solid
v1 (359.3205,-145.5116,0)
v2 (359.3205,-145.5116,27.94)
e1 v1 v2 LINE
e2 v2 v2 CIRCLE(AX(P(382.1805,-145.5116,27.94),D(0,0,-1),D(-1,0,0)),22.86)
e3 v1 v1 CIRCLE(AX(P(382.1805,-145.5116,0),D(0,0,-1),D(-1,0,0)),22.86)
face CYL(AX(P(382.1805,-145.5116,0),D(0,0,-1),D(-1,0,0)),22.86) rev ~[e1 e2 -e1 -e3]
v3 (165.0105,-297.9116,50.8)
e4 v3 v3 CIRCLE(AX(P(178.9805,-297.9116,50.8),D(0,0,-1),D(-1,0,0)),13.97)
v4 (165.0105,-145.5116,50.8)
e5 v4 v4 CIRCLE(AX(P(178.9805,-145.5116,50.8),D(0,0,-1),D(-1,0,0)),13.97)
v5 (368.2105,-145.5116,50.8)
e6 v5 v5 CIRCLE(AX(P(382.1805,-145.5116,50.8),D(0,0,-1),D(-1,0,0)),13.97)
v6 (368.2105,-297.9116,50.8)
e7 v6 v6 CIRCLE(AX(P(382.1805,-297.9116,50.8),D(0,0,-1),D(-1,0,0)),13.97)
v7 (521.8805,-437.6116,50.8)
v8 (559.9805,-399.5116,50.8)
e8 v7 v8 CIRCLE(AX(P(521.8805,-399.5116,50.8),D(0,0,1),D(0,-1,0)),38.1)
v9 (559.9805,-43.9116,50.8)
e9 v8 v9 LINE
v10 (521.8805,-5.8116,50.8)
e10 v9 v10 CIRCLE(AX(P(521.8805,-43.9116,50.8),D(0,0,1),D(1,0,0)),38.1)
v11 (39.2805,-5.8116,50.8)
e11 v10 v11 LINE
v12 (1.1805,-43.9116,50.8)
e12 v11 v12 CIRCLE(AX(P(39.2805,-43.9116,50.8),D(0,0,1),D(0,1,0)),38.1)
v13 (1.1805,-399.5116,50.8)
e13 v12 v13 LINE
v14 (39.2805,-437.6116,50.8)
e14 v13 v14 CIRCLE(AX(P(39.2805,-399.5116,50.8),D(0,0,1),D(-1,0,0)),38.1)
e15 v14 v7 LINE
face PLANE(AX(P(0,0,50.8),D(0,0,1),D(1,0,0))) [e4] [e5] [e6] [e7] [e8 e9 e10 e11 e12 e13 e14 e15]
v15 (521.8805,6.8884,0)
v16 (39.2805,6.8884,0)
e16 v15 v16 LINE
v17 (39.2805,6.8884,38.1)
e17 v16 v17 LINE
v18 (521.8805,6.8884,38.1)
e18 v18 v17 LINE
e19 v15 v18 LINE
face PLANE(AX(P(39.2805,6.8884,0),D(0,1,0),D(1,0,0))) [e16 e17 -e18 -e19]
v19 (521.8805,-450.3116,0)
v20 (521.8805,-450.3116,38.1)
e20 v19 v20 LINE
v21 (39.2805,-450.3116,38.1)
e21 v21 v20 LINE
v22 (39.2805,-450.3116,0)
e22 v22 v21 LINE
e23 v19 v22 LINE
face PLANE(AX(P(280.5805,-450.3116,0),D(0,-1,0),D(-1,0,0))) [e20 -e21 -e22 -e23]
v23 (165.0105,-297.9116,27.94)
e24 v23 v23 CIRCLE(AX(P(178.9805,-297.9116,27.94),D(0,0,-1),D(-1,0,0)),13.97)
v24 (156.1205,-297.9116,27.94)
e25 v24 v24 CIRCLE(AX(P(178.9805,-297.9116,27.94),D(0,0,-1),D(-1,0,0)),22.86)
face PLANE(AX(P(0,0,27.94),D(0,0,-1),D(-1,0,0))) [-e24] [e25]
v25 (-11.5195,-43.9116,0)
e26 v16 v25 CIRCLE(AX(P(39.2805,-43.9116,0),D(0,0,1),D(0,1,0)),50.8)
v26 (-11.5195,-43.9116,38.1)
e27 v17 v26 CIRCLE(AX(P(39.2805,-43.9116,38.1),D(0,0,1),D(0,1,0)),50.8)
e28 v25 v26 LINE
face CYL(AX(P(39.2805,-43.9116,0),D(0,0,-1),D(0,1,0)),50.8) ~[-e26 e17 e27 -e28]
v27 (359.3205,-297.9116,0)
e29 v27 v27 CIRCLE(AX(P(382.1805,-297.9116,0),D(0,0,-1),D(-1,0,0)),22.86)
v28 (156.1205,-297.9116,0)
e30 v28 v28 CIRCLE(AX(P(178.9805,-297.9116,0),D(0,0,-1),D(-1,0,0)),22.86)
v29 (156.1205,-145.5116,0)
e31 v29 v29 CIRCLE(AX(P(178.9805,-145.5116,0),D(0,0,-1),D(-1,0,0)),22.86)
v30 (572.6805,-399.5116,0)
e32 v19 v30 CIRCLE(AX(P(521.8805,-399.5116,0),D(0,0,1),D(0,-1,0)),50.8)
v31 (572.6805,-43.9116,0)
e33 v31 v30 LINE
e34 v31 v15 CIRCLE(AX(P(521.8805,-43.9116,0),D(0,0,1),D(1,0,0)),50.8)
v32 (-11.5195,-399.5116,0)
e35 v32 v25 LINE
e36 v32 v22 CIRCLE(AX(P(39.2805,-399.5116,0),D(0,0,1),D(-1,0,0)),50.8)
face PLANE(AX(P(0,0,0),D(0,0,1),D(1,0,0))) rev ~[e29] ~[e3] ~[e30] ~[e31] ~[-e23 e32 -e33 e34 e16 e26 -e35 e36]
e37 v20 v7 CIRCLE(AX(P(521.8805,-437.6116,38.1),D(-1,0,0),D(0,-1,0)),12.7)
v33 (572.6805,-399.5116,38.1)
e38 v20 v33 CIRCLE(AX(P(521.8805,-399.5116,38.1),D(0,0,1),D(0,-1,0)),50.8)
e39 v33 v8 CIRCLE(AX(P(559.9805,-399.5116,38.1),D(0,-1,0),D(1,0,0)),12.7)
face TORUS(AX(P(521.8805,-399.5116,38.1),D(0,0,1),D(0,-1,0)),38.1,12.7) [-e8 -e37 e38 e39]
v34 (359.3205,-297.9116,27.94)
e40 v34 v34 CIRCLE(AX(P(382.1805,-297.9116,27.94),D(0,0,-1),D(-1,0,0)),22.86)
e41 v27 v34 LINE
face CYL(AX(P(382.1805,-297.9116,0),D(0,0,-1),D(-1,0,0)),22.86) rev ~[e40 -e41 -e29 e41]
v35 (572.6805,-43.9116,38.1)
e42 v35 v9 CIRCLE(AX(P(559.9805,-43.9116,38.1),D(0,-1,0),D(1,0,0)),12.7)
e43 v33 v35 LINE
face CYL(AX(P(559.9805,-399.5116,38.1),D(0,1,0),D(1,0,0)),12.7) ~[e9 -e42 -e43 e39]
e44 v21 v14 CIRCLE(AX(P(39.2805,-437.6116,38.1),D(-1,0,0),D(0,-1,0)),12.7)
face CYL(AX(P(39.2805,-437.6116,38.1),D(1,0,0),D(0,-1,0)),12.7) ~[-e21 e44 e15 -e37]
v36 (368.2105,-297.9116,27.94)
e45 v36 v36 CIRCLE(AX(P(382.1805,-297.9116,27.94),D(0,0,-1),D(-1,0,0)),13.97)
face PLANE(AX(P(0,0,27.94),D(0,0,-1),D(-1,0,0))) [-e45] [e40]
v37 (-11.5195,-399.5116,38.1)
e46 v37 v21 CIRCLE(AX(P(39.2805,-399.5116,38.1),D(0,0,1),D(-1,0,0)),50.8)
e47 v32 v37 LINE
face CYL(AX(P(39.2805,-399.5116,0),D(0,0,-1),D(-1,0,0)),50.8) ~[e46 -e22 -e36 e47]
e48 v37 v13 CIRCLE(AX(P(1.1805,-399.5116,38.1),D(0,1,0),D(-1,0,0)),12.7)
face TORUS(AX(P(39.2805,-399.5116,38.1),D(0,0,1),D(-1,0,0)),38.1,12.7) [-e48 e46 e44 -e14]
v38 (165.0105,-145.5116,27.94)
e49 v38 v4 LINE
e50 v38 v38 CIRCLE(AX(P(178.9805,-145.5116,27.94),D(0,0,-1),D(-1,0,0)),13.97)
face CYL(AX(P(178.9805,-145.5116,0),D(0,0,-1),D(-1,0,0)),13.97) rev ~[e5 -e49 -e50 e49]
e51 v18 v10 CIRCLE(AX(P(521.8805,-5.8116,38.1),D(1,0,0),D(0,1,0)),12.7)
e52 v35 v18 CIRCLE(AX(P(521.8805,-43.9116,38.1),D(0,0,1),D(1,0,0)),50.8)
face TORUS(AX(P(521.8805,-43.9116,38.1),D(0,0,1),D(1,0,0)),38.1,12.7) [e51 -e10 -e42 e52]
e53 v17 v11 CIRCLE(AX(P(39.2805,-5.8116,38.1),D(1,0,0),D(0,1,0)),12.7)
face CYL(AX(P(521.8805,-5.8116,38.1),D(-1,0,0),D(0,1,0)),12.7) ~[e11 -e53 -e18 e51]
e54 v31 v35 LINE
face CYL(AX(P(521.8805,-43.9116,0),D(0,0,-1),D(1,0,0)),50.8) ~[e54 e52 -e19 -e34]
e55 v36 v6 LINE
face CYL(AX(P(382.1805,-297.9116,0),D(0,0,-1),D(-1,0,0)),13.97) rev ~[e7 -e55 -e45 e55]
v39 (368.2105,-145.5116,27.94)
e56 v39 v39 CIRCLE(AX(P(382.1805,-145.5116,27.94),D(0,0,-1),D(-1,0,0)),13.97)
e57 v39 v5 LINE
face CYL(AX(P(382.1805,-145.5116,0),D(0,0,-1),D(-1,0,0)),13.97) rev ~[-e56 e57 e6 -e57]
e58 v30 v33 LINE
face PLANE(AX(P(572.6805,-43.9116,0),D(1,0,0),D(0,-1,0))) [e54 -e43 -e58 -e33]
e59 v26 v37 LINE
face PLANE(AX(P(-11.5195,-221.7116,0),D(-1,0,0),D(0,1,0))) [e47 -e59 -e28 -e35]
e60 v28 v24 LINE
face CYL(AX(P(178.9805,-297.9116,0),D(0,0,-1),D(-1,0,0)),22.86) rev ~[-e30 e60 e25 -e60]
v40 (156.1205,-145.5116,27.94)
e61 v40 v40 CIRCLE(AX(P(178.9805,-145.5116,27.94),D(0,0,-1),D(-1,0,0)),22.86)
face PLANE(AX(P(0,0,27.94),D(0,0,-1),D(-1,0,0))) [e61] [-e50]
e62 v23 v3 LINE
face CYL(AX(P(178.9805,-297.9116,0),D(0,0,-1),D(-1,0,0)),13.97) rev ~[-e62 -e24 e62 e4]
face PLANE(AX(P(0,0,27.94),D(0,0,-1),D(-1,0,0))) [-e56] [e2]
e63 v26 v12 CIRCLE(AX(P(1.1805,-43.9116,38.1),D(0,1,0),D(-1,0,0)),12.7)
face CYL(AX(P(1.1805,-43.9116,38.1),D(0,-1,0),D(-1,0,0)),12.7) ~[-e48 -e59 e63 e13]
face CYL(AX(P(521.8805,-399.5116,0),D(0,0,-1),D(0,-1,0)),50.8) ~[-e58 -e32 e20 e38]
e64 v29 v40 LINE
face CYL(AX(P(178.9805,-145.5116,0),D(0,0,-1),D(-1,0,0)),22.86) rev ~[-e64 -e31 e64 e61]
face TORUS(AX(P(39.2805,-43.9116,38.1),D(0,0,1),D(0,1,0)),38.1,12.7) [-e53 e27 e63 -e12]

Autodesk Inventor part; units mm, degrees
ref_plane "YZ Plane" through (0, 0, 0) normal (1, 0, 0) x (0, 1, 0)
ref_plane "XZ Plane" through (0, 0, 0) normal (0, 1, 0) x (-1, 0, 0)
ref_plane "XY Plane" through (0, 0, 0) normal (0, 0, 1) x (1, 0, 0)
sketch "Sketch1" plane through (0, 0, 0) normal (0, 0, 1) x (1, 0, 0)
  line L0 (39.2805, 6.8884) -> (521.8805, 6.8884)
  line L1 (572.6805, -43.9116) -> (572.6805, -399.5116)
  line L2 (521.8805, -450.3116) -> (39.2805, -450.3116)
  line L3 (-11.5195, -399.5116) -> (-11.5195, -43.9116)
  arc A0 (-11.5195, -399.5116) -> (39.2805, -450.3116) centre (39.2805, -399.5116) ccw
  arc A1 (39.2805, 6.8884) -> (-11.5195, -43.9116) centre (39.2805, -43.9116) ccw
  arc A2 (572.6805, -43.9116) -> (521.8805, 6.8884) centre (521.8805, -43.9116) ccw
  arc A3 (521.8805, -450.3116) -> (572.6805, -399.5116) centre (521.8805, -399.5116) ccw
  line L4 (280.5805, -450.3116) -> (280.5805, 6.8884)
  line L5 (-11.5195, -221.7116) -> (572.6805, -221.7116)
  circle A4 centre (471.0805, -315.7964) radius 22.86 construction
  circle A5 centre (471.0805, -315.7964) radius 13.97 construction
  circle A6 centre (90.0805, -315.7964) radius 22.86 construction
  circle A7 centre (90.0805, -315.7964) radius 13.97 construction
  circle A8 centre (471.0805, -127.6267) radius 22.86 construction
  circle A9 centre (471.0805, -127.6267) radius 13.97 construction
  circle A10 centre (90.0805, -127.6267) radius 22.86 construction
  circle A11 centre (90.0805, -127.6267) radius 13.97 construction
  point P0 (0, 0)
  point P1 (572.6805, -450.3116)
  point P2 (572.6805, 6.8884)
  point P3 (-11.5195, -450.3116)
  dimension "d0" = 584.2
  dimension "d1" = 457.2
  dimension "d2" = 50.8
  dimension "d3" = 50.8
  dimension "d11" = 45.72
  dimension "d12" = 27.94
  dimension "d13" = 94.0848
  dimension "d14" = 190.5
extrude "Extrusion1" add sketch "Sketch1" along normal blind 50.8
fillet "Fillet1" radius 12.7 8 edges at (3.3595, -7.9905, 50.8) (-11.5195, -221.7116, 50.8) (3.3595, -435.4326, 50.8) (280.5805, -450.3116, 50.8) (557.8015, -435.4326, 50.8) (572.6805, -221.7116, 50.8) (557.8015, -7.9905, 50.8) (280.5805, 6.8884, 50.8)
sketch "Sketch2" plane through (0, 0, 0) normal (0, 0, -1) x (-1, 0, 0)
  circle A0 centre (-178.9805, -297.9116) radius 22.86
  circle A1 centre (-178.9805, -297.9116) radius 13.97
  line L0 (-521.8805, 6.8884) -> (-39.2805, 6.8884) projected
  line L1 (-280.5805, 6.8884) -> (-280.5805, -454.4869)
  line L2 (-572.6805, -399.5116) -> (-572.6805, -43.9116) projected
  line L3 (-572.6805, -221.7116) -> (11.5195, -221.7116)
  line L4 (11.5195, -43.9116) -> (11.5195, -399.5116) projected
  circle A2 centre (-382.1805, -297.9116) radius 22.86
  circle A3 centre (-382.1805, -297.9116) radius 13.97
  circle A4 centre (-178.9805, -145.5116) radius 22.86
  circle A5 centre (-178.9805, -145.5116) radius 13.97
  circle A6 centre (-382.1805, -145.5116) radius 22.86
  circle A7 centre (-382.1805, -145.5116) radius 13.97
  point P0 (0, 0)
  dimension "d15" = 45.72
  dimension "d16" = 27.94
  dimension "d17" = 76.2
  dimension "d18" = 190.5
extrude "Extrusion2" cut sketch "Sketch2" against normal through all contours A1 | A3 | A5 | A7
extrude "Extrusion3" cut sketch "Sketch2" against normal blind 27.94 contours A0 | A2 | A4 | A5 | A6
equation "\"BendRadius\" = Thickness"
equation "\"BendReliefWidth\" = Thickness"
equation "\"BendReliefDepth\" = 0.5 * Thickness"
equation "\"CornerReliefSize\" = 4 * Thickness"
equation "\"MinimumRemnant\" = 2 * Thickness"
equation "\"TransitionRadius\" = BendRadius"
equation "\"JacobiRadiusSize\" = BendRadius"
equation "\"GapSize\" = Thickness"
equation "\"Thickness\" = 3.048"
properties part number "stand" material "Wood (Oak)"
